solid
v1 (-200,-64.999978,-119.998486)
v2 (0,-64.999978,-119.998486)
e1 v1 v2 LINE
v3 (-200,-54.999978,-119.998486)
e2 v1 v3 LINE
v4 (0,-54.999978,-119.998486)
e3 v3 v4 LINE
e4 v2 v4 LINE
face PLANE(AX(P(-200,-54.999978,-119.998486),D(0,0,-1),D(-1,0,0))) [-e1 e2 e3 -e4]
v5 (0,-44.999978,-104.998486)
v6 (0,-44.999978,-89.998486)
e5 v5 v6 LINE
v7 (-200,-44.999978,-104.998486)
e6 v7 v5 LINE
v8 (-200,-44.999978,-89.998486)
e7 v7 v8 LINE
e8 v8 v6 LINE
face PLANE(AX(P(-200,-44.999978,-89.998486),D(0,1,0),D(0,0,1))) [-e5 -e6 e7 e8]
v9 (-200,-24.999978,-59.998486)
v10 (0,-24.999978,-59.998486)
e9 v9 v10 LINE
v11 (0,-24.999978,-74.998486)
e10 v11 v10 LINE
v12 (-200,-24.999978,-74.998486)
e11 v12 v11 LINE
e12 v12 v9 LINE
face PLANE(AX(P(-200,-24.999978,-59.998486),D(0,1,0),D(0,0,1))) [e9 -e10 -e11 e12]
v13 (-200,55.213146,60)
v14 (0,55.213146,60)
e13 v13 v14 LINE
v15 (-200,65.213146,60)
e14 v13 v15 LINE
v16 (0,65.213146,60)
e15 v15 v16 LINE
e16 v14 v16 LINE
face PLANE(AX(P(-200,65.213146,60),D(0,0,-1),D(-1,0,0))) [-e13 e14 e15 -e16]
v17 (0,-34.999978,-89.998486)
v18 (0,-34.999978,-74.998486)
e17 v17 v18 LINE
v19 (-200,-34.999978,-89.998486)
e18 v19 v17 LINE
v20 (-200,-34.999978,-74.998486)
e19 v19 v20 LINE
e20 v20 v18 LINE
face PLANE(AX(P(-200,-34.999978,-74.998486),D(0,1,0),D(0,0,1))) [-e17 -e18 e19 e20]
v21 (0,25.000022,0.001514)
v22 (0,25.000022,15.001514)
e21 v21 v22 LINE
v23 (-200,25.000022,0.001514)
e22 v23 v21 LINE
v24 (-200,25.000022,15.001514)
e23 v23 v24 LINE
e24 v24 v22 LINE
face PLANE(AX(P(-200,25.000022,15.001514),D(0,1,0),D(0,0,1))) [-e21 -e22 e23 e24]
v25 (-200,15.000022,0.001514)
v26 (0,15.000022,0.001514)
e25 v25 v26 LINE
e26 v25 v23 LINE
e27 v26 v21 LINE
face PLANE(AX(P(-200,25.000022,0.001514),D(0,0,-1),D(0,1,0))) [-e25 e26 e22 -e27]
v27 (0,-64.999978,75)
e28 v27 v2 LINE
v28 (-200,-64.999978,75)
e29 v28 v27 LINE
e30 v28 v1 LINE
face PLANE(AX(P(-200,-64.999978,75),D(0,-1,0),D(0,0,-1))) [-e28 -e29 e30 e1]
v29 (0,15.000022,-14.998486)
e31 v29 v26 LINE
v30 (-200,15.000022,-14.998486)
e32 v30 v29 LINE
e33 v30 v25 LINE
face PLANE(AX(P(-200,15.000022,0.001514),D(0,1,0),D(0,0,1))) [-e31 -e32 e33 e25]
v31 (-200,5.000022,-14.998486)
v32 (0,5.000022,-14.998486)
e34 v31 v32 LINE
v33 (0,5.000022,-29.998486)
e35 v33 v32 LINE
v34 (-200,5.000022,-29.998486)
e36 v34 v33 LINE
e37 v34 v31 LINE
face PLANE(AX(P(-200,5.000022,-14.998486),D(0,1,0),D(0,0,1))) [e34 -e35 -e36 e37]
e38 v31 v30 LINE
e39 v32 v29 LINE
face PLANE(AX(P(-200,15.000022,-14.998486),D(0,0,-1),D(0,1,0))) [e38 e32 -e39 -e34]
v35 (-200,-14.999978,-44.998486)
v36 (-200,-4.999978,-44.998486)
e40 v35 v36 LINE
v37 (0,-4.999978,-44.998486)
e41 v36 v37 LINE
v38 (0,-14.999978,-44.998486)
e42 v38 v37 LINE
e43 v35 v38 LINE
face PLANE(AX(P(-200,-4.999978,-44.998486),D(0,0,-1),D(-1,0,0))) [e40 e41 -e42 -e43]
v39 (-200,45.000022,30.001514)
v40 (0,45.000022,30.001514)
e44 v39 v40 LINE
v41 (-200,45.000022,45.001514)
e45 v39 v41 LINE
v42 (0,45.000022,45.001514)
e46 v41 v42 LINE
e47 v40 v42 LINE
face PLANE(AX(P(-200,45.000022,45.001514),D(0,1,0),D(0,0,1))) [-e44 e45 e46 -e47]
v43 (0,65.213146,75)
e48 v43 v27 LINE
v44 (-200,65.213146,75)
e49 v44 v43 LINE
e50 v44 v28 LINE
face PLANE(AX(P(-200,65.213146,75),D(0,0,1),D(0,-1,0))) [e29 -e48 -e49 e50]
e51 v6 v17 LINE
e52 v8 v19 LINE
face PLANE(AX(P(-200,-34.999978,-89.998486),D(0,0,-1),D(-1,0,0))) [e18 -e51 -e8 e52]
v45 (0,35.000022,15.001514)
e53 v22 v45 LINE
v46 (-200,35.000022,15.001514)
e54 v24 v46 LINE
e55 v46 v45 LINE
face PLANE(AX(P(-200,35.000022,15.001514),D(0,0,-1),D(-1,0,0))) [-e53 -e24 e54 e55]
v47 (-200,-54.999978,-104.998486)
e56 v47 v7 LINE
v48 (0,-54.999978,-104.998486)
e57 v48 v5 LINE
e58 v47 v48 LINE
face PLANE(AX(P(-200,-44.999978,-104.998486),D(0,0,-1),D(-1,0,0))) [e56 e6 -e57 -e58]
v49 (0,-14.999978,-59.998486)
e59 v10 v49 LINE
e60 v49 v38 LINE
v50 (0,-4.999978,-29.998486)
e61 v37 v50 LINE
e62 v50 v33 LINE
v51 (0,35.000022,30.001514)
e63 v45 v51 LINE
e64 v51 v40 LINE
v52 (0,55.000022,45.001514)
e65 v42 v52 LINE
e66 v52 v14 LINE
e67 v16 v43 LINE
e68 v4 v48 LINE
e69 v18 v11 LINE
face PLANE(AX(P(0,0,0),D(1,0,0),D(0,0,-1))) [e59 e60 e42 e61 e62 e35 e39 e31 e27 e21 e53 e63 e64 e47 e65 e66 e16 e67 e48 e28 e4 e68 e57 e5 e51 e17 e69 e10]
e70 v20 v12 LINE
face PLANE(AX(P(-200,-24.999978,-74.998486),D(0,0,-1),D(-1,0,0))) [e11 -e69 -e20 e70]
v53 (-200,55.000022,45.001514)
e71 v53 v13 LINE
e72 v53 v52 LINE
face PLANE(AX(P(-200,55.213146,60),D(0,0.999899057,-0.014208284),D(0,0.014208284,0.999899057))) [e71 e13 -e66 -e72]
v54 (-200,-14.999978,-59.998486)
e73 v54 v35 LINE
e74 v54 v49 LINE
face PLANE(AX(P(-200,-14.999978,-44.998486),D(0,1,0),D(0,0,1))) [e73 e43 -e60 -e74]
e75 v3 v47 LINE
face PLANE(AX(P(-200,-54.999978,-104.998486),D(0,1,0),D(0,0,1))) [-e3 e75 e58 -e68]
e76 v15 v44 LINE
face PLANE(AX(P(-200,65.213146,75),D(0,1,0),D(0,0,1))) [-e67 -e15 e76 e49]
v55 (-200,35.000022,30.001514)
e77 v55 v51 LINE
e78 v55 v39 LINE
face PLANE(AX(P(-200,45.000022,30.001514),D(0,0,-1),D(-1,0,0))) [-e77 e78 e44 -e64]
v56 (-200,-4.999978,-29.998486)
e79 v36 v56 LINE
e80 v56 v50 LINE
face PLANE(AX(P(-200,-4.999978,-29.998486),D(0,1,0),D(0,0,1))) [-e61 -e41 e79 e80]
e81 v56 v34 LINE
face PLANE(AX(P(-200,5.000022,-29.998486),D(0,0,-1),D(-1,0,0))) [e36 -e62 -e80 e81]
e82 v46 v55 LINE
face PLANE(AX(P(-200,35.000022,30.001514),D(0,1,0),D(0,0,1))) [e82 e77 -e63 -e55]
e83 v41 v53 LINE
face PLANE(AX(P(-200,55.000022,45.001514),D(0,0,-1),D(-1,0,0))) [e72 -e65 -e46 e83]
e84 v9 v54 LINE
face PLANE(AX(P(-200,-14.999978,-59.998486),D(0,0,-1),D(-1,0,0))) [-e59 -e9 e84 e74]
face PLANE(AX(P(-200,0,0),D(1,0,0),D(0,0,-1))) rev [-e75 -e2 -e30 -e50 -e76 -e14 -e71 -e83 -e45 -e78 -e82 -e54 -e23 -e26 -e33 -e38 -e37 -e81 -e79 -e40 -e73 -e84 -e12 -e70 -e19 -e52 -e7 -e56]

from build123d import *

# Parameters (mm, degrees)
BOSS_EXTRUDE1_DEPTH = 200


with BuildPart() as part:
    # Sketch1 → Boss-Extrude1 (new body)
    with BuildSketch(Plane(origin=(0, 0, 0), x_dir=(0, 0, -1), z_dir=(1, 0, 0))):
        Polygon((-75, 65.21314577), (-60, 65.21314577), (-60, 55.21314577), (-45.001514141, 55.000021516), (-45.001514141, 45.000021516), (-30.001514141, 45.000021516), (-30.001514141, 35.000021516), (-15.001514141, 35.000021516), (-15.001514141, 25.000021516), (-0.001514141, 25.000021516), (-0.001514141, 15.000021516), (14.998485859, 15.000021516), (14.998485859, 5.000021516), (29.998485859, 5.000021516), (29.998485859, -4.999978484), (44.998485859, -4.999978484), (44.998485859, -14.999978484), (59.998485859, -14.999978484), (59.998485859, -24.999978484), (74.998485859, -24.999978484), (74.998485859, -34.999978484), (89.998485859, -34.999978484), (89.998485859, -44.999978484), (104.998485859, -44.999978484), (104.998485859, -54.999978484), (119.998485859, -54.999978484), (119.998485859, -64.999978484), (-75, -64.999978484), align=None)
    extrude(amount=-BOSS_EXTRUDE1_DEPTH)


solid = part.part
